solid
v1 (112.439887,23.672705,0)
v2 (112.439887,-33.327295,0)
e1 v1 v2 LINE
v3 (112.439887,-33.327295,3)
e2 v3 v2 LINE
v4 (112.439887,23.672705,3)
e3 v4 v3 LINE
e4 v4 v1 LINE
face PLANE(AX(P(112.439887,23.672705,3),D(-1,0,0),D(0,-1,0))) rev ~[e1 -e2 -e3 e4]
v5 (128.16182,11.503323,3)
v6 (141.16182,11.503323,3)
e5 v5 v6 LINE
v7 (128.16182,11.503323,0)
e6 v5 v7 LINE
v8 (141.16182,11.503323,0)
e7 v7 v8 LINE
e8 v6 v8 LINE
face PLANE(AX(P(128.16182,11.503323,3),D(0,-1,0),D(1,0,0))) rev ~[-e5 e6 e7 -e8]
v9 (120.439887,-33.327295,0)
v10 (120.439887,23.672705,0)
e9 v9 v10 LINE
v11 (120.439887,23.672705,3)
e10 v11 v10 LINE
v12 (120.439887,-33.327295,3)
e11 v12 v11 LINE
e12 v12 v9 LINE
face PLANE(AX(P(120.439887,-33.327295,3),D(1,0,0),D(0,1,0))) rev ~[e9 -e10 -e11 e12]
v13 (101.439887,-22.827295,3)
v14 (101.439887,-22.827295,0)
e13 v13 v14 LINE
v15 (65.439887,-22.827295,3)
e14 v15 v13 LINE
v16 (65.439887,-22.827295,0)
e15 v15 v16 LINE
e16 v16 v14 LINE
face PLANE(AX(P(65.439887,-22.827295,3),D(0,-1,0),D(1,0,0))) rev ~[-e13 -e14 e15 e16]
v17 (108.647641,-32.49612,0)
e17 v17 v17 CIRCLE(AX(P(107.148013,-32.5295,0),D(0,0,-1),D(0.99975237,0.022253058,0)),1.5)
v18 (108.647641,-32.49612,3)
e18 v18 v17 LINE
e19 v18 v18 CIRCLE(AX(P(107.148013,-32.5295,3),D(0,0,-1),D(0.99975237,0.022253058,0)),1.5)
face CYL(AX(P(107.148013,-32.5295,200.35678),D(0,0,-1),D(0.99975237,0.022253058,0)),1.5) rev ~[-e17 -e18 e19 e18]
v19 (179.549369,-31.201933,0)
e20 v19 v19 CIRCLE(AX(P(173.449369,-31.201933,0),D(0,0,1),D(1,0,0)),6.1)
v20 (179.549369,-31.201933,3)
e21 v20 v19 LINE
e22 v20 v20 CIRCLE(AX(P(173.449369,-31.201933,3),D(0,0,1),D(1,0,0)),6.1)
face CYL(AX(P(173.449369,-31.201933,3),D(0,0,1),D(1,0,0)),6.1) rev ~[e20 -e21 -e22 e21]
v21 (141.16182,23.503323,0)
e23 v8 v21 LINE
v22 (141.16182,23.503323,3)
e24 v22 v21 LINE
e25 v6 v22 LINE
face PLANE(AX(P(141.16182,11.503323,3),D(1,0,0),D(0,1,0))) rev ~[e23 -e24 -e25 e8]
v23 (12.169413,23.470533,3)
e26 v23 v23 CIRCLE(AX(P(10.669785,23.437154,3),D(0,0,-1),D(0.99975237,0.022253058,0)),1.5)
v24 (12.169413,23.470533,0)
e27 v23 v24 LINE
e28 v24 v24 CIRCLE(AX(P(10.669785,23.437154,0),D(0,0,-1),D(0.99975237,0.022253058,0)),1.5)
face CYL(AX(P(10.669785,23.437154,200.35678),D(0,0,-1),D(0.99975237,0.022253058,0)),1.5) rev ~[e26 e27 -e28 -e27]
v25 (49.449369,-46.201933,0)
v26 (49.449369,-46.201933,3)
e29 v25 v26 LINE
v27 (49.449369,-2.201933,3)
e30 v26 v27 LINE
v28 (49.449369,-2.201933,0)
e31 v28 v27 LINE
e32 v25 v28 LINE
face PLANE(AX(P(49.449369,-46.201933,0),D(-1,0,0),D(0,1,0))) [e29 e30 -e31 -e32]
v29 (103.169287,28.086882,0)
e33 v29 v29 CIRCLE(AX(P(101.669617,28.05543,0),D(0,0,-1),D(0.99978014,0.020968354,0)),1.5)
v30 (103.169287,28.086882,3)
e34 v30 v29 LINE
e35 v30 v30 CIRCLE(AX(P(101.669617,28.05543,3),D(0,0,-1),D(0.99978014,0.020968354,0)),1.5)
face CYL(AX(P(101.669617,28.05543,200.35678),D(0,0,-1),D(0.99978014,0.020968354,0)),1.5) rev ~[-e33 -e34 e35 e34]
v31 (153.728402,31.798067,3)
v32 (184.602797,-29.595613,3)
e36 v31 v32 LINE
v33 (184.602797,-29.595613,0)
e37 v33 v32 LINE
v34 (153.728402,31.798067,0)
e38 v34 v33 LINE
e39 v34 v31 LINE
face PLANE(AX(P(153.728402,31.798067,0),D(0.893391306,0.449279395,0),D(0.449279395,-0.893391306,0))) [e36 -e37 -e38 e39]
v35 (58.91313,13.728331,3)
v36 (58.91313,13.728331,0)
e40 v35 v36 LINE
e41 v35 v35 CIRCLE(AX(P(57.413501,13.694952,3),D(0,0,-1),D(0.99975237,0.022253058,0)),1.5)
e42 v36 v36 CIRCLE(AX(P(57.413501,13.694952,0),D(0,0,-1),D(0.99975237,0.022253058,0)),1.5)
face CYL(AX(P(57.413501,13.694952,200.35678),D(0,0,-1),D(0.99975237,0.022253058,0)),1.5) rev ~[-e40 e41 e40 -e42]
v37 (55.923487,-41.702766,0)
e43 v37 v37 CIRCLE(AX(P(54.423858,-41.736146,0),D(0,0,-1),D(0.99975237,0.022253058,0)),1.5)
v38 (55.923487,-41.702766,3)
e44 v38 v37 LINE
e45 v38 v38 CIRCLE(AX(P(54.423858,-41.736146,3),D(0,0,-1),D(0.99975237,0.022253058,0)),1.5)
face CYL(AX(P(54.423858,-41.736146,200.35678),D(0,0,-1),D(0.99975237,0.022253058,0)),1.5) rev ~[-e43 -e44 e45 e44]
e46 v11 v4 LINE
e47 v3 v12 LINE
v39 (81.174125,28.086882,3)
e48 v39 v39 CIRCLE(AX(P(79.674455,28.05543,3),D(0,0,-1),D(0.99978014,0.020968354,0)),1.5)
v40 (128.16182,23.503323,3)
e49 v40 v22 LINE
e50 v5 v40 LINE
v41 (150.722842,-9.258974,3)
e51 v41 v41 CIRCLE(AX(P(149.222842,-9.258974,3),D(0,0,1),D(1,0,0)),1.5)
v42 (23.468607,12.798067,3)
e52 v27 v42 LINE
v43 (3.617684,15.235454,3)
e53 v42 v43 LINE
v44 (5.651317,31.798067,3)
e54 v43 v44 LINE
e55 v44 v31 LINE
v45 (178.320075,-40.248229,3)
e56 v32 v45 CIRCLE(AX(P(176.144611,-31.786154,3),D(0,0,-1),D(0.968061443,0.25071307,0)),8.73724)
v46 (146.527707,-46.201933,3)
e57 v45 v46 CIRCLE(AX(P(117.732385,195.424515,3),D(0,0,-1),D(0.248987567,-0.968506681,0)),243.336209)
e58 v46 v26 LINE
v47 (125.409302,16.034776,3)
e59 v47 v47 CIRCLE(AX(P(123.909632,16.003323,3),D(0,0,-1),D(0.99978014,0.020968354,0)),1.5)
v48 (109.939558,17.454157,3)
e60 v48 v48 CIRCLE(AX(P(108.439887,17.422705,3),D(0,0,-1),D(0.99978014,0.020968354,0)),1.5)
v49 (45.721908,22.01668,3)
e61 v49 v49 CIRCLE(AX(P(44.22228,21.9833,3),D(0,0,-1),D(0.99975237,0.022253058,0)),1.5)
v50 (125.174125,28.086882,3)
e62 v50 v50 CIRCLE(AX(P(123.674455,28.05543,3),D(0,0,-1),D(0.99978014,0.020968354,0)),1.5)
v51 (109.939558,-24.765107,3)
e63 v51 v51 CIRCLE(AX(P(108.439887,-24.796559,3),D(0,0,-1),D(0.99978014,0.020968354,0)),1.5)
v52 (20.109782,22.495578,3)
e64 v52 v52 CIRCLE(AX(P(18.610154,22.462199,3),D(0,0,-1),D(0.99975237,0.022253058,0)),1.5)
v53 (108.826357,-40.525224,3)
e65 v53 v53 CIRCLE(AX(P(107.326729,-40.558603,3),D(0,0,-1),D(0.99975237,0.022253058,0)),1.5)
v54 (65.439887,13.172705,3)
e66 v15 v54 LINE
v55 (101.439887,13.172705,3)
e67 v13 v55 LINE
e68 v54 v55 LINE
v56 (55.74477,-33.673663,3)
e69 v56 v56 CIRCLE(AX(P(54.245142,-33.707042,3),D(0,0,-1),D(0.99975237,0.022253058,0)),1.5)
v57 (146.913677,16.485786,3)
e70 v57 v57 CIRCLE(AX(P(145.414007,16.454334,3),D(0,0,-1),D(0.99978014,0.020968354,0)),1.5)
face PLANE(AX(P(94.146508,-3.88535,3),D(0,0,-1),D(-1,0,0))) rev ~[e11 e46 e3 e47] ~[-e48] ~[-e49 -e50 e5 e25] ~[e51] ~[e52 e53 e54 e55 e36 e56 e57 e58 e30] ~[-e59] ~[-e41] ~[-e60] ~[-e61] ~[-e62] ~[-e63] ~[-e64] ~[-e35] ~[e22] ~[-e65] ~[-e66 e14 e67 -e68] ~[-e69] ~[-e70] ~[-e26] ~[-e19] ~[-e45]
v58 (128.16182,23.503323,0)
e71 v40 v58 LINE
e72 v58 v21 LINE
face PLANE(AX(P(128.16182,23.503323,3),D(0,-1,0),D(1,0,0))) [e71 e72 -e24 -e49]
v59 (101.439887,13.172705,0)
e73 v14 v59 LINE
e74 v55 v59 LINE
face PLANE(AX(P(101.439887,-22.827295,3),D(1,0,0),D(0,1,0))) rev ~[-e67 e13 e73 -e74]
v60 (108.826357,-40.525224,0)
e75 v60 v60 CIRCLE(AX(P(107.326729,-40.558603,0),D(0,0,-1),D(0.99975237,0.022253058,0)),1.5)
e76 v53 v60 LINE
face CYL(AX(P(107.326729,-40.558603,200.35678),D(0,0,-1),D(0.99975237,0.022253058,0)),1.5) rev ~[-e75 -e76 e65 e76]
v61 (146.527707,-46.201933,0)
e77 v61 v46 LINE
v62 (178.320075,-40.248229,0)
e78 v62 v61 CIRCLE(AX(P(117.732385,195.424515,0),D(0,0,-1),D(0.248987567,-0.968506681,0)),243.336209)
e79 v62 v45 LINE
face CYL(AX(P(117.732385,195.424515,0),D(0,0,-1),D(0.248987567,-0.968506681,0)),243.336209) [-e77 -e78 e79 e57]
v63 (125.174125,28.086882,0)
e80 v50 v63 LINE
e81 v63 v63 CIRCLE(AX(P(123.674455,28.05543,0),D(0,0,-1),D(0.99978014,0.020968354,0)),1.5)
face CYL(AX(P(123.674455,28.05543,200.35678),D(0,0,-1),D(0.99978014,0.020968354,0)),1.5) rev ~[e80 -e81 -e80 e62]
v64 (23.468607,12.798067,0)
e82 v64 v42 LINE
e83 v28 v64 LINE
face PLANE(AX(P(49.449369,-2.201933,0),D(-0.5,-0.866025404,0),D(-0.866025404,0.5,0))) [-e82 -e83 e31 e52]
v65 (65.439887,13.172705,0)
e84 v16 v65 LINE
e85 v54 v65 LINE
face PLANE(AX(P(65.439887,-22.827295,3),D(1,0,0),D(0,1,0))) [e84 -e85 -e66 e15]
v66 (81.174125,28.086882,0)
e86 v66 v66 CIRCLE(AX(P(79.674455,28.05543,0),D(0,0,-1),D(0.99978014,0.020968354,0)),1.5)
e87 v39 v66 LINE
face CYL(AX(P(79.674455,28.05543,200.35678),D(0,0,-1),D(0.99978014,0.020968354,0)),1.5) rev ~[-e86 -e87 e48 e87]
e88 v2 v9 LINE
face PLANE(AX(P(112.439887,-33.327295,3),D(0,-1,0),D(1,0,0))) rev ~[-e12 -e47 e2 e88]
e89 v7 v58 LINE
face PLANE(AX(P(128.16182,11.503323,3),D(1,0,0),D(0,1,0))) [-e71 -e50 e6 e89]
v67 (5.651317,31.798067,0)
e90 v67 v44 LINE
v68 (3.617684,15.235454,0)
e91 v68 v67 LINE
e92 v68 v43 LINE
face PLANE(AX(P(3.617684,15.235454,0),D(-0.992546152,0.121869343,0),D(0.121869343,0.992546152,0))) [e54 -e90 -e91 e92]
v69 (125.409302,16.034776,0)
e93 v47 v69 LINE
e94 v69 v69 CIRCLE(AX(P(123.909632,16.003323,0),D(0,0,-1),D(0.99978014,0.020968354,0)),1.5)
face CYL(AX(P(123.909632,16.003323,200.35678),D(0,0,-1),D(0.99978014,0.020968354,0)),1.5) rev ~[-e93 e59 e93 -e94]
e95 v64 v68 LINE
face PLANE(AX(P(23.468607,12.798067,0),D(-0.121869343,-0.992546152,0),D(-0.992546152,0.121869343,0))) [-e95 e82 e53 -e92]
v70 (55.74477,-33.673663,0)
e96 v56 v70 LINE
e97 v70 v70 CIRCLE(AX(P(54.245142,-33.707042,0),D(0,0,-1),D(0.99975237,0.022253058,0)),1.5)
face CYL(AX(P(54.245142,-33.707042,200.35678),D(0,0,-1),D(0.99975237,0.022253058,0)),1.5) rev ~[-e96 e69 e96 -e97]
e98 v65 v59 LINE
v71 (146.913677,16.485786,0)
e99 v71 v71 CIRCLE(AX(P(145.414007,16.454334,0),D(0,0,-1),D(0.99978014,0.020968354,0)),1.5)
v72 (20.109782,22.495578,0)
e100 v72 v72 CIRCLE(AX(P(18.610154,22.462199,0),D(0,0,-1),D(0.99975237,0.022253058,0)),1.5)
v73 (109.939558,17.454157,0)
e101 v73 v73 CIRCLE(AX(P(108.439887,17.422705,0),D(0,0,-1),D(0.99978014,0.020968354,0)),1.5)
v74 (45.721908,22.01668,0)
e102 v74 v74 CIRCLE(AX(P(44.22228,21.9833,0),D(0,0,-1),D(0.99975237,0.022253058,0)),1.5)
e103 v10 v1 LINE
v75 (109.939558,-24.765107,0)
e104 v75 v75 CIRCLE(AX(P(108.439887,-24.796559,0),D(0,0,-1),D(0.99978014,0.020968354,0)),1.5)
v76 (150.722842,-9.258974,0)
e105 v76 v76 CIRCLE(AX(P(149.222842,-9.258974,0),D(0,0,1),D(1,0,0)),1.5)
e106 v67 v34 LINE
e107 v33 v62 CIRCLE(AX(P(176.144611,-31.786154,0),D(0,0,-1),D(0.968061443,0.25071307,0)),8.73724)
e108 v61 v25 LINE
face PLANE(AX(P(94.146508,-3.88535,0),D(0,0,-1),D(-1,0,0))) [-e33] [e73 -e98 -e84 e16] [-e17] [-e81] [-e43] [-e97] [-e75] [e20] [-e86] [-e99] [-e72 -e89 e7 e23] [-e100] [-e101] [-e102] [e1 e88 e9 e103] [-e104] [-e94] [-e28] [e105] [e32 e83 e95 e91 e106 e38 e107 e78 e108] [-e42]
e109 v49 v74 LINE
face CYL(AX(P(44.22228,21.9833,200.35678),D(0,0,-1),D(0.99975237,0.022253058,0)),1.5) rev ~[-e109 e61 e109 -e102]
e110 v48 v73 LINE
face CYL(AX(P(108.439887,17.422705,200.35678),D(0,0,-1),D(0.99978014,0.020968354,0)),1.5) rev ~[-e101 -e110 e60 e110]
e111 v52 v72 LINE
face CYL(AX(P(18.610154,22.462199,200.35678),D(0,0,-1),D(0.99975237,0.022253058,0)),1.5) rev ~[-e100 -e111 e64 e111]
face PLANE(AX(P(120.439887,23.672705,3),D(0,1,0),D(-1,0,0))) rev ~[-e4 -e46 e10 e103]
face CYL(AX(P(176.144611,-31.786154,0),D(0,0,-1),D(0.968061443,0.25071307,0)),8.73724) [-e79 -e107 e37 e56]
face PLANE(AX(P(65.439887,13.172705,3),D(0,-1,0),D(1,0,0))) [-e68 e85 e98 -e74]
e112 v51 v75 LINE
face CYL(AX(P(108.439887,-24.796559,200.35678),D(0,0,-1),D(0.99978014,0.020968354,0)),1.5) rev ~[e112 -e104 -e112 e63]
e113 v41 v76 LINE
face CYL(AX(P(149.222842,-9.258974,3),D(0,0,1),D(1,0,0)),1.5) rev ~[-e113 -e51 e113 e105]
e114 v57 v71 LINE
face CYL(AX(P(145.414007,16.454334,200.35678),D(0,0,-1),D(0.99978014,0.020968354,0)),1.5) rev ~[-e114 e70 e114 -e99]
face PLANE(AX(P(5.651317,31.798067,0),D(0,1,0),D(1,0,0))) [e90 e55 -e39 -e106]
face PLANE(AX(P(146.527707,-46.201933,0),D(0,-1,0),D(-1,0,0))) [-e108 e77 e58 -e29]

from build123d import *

# Parameters (mm, degrees)
EXTRUDE_1_DEPTH     = 3
CUT_EXTRUDE_1_REACH = 5
SKETCH_2_R          = 6.1
SKETCH_2_W          = 36
SKETCH_2_H          = 36
MM_CLEARANCE_1_D    = 3
MM_CLEARANCE_4_D    = 3
CUT_EXTRUDE_2_REACH = 5
SKETCH_18_R         = 1.5
MM_CLEARANCE_6_D    = 3
CUT_EXTRUDE_3_REACH = 5
SKETCH_21_W         = 13
SKETCH_21_H         = 12
MM_CLEARANCE_7_D    = 3
MM_CLEARANCE_10_D   = 3


with BuildPart() as part:
    # 草图1 → 凸台-拉伸1 (new body)
    with BuildSketch(Plane.XY):
        with BuildLine():
            Line((30.367519571, 31.798067496), (153.728402084, 31.798067496))
            Line((153.728402084, 31.798067496), (184.602796718, -29.595613307))
            ThreePointArc((184.602796718, -29.595613307), (183.670445617, -36.224755467), (178.320075375, -40.248229416))
            ThreePointArc((178.320075375, -40.248229416), (162.522923857, -43.753908616), (146.527707017, -46.201932504))
            Line((146.527707017, -46.201932504), (49.449368769, -46.201932504))
            Line((49.449368769, -46.201932504), (49.449368769, -2.201932504))
            Line((49.449368769, -2.201932504), (23.468606655, 12.798067496))
            Line((23.468606655, 12.798067496), (3.617683623, 15.235454364))
            Line((3.617683623, 15.235454364), (5.651316803, 31.798067496))
            Line((5.651316803, 31.798067496), (5.659575981, 31.798067496))
            Line((5.659575981, 31.798067496), (30.367519571, 31.798067496))
        make_face()
    extrude(amount=EXTRUDE_1_DEPTH)

    # 草图2 → 切除-拉伸1 (cut, up to next)
    with BuildSketch(Plane.XY.offset(3), mode=Mode.PRIVATE) as cut_extrude_1_sk1:
        with Locations((173.449368769, -31.201932504)):
            Circle(SKETCH_2_R)
    cut_extrude_1_tool1 = extrude(cut_extrude_1_sk1.sketch, amount=-CUT_EXTRUDE_1_REACH, mode=Mode.PRIVATE) & part.part
    add(cut_extrude_1_tool1.solids().sort_by_distance((173.449369, -31.201933, 3))[0], mode=Mode.SUBTRACT)
    # 草图2 → 切除-拉伸1 (cut, up to next)
    with BuildSketch(Plane.XY.offset(3), mode=Mode.PRIVATE) as cut_extrude_1_sk2:
        with Locations((83.439887491, -4.827295438)):
            Rectangle(SKETCH_2_W, SKETCH_2_H)
    cut_extrude_1_tool2 = extrude(cut_extrude_1_sk2.sketch, amount=-CUT_EXTRUDE_1_REACH, mode=Mode.PRIVATE) & part.part
    add(cut_extrude_1_tool2.solids().sort_by_distance((83.439887, -4.827295, 3))[0], mode=Mode.SUBTRACT)
    # 草图2 → 切除-拉伸1 (cut, up to next)
    with BuildSketch(Plane.XY.offset(3), mode=Mode.PRIVATE) as cut_extrude_1_sk3:
        Polygon((112.439887491, -4.827295438), (112.439887491, -33.327295438), (120.439887491, -33.327295438), (120.439887491, 23.672704562), (112.439887491, 23.672704562), align=None)
    cut_extrude_1_tool3 = extrude(cut_extrude_1_sk3.sketch, amount=-CUT_EXTRUDE_1_REACH, mode=Mode.PRIVATE) & part.part
    add(cut_extrude_1_tool3.solids().sort_by_distance((116.439887, -4.827295, 3))[0], mode=Mode.SUBTRACT)

    # 大小mm Clearance 暗销孔1 (through all)
    with Locations(Plane(origin=(141.673702765, 151.858231724, 3), x_dir=(-0.99978014, -0.020968354, 0), z_dir=(0, 0, 1))):
        with Locations((20.591231353, 123.39816829), (42.591231353, 122.936763059), (64.581557509, 122.475560716)):
            Hole(MM_CLEARANCE_1_D / 2)

    # 大小mm Clearance 暗销孔4 (through all)
    with Locations(Plane(origin=(141.673702765, 151.858231724, 3), x_dir=(-0.99978014, -0.020968354, 0), z_dir=(0, 0, 1))):
        with Locations((20.608818994, 135.452556109), (-0.900285243, 135.452556109)):
            Hole(MM_CLEARANCE_4_D / 2)

    # 草图18 → 切除-拉伸2 (cut, up to next)
    with BuildSketch(Plane.XY.offset(3), mode=Mode.PRIVATE) as cut_extrude_2_sk1:
        with Locations((149.222841692, -9.258973797)):
            Circle(SKETCH_18_R)
    cut_extrude_2_tool1 = extrude(cut_extrude_2_sk1.sketch, amount=-CUT_EXTRUDE_2_REACH, mode=Mode.PRIVATE) & part.part
    add(cut_extrude_2_tool1.solids().sort_by_distance((149.222842, -9.258974, 3))[0], mode=Mode.SUBTRACT)

    # 大小mm Clearance 暗销孔6 (through all)
    with Locations(Plane(origin=(141.673702765, 151.858231724, 3), x_dir=(-0.99978014, -0.020968354, 0), z_dir=(0, 0, 1))):
        with Locations((36.045400202, 133.709111751), (36.930668673, 175.919093371)):
            Hole(MM_CLEARANCE_6_D / 2)

    # 草图21 → 切除-拉伸3 (cut, up to next)
    with BuildSketch(Plane.XY.offset(3), mode=Mode.PRIVATE) as cut_extrude_3_sk1:
        with Locations((134.661819591, 17.503323217)):
            Rectangle(SKETCH_21_W, SKETCH_21_H)
    cut_extrude_3_tool1 = extrude(cut_extrude_3_sk1.sketch, amount=-CUT_EXTRUDE_3_REACH, mode=Mode.PRIVATE) & part.part
    add(cut_extrude_3_tool1.solids().sort_by_distance((134.66182, 17.503323, 3))[0], mode=Mode.SUBTRACT)

    # 大小mm Clearance 暗销孔7 (through all)
    with Locations(Plane(origin=(143.321207743, 150.868006211, 3), x_dir=(-0.99975237, -0.022253058, 0), z_dir=(0, 0, 1))):
        with Locations((88.938953066, 135.227377046), (101.942467158, 126.647536361), (127.53759353, 125.598807912), (135.454300746, 124.4473971)):
            Hole(MM_CLEARANCE_7_D / 2)

    # 大小mm Clearance 暗销孔10 (through all)
    with Locations(Plane(origin=(143.321207743, 150.868006211, 3), x_dir=(-0.99975237, -0.022253058, 0), z_dir=(0, 0, 1))):
        with Locations((93.161367469, 190.578219389), (93.161367469, 182.547127137), (40.245392963, 190.578219389), (40.245392963, 182.547127137)):
            Hole(MM_CLEARANCE_10_D / 2)


solid = part.part
